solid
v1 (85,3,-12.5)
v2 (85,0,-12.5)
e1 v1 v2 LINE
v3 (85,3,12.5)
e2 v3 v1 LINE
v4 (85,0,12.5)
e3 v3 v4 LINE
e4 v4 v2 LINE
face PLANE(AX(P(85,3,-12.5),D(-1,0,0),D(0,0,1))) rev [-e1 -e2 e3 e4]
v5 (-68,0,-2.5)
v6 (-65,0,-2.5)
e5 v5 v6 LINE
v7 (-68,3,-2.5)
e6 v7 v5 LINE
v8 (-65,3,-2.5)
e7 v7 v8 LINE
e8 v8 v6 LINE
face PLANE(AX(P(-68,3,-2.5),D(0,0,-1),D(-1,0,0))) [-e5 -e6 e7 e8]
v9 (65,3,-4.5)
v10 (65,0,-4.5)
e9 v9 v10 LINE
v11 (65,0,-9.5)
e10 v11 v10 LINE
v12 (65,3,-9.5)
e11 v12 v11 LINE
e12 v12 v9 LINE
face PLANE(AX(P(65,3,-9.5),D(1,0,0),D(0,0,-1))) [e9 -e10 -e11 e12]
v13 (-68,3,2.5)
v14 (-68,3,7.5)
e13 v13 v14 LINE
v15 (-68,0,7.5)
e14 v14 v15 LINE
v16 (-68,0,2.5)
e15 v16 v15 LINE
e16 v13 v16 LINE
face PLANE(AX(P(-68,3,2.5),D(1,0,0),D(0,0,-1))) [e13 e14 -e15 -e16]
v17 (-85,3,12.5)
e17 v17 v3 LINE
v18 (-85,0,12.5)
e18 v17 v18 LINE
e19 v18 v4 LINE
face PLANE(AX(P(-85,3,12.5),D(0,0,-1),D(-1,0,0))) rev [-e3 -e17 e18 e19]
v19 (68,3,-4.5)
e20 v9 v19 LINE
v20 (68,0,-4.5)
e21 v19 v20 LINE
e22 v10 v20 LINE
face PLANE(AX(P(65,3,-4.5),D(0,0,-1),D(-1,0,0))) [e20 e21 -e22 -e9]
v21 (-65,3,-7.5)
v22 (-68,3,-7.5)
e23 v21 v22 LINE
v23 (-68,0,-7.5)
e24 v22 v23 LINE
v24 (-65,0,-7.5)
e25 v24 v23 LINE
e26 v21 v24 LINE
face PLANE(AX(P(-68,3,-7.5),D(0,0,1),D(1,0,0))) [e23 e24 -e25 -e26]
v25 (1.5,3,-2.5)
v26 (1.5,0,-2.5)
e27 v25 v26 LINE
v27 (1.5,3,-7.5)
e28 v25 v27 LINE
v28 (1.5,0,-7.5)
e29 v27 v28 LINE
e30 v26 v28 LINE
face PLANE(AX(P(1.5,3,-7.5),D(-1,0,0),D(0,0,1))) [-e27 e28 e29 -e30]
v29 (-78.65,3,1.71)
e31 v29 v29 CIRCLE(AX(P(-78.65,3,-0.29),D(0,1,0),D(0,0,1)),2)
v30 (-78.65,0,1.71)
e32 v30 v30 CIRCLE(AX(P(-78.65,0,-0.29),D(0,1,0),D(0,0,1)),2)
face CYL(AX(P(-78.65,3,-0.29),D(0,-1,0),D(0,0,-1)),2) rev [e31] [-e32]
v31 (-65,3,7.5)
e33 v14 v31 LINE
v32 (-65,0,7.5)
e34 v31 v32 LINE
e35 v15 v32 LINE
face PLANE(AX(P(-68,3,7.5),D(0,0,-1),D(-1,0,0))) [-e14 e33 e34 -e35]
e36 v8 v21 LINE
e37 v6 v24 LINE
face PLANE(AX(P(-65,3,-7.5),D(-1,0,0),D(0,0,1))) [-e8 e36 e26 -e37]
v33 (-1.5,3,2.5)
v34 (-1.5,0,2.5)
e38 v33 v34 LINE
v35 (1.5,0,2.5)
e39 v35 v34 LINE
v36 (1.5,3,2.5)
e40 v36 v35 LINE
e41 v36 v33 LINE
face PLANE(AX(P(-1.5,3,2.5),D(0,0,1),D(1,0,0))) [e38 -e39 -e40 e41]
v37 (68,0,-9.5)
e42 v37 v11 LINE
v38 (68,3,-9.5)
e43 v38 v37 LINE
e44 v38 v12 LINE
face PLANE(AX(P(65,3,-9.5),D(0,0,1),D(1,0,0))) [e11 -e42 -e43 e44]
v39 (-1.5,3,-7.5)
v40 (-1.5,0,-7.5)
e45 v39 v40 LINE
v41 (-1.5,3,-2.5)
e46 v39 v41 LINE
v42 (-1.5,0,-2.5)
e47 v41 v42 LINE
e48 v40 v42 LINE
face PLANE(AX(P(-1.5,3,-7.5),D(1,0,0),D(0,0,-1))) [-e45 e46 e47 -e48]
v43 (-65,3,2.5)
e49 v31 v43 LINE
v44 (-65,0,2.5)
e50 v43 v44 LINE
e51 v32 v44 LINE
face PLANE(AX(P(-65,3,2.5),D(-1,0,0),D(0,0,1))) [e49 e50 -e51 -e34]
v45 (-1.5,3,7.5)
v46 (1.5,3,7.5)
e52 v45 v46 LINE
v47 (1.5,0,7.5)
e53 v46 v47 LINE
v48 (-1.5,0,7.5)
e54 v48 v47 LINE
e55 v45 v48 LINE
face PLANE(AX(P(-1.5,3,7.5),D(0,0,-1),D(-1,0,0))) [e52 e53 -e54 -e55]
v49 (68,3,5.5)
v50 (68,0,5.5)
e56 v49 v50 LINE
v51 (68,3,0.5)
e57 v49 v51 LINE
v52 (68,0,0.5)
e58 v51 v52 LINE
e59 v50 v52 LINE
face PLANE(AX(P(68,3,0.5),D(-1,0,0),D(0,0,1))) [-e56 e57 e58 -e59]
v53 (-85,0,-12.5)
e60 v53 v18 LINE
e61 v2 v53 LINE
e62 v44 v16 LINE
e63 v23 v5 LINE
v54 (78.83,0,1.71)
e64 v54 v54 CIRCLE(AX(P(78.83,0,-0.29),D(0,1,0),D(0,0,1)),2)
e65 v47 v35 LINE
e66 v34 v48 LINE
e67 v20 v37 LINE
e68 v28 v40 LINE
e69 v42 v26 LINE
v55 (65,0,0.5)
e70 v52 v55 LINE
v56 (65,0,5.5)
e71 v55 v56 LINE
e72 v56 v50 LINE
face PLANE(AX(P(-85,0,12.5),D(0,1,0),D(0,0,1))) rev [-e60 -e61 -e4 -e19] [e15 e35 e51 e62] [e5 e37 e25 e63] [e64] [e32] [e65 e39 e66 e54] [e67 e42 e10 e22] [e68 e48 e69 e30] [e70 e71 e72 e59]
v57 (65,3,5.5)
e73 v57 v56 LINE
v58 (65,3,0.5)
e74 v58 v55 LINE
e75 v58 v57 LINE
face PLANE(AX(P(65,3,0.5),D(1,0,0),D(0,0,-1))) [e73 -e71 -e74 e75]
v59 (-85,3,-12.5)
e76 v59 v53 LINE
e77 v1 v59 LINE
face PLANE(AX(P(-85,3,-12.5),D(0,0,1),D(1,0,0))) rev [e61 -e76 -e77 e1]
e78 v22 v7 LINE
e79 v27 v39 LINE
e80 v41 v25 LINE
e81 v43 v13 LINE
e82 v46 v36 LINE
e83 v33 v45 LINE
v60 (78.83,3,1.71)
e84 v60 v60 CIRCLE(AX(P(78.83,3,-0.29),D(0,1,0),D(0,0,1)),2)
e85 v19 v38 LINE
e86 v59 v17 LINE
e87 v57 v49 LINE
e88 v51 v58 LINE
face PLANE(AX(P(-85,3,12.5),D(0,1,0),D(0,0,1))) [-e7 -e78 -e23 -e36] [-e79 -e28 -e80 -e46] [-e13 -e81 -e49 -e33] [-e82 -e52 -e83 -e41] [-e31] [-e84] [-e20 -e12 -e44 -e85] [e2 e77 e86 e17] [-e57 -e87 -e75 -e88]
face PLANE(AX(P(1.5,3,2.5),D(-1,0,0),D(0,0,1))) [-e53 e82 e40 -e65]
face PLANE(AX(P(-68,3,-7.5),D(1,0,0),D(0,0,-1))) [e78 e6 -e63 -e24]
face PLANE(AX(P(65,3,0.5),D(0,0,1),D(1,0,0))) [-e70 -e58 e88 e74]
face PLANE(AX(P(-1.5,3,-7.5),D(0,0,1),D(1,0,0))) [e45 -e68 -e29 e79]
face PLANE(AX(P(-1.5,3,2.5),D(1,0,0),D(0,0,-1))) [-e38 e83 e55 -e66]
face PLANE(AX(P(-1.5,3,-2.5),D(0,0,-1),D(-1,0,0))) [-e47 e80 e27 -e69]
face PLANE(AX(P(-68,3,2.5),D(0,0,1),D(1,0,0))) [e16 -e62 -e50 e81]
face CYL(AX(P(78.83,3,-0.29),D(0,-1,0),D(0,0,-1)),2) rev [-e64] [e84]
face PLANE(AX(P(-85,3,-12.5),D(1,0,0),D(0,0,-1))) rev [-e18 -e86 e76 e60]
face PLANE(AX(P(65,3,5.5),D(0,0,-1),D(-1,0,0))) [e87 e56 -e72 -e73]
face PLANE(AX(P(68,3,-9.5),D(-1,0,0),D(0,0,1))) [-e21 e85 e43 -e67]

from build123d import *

# Parameters (mm, degrees)
SKICA1_W                 = 170
SKICA1_H                 = 25
P_IDAT_VYSUNUT_M1_DEPTH  = 3
SKICA2_W                 = 3
SKICA2_H                 = 5
ODEBRAT_VYSUNUT_M2_DEPTH = 86.966563267
SKICA3_R                 = 2
ODEBRAT_VYSUNUT_M3_DEPTH = 86.966563267


with BuildPart() as part:
    # Skica1 → Přidat vysunutím1 (new body)
    with BuildSketch(Plane(origin=(0, 0, 0), x_dir=(1, 0, 0), z_dir=(0, 1, 0))):
        Rectangle(SKICA1_W, SKICA1_H)
    extrude(amount=P_IDAT_VYSUNUT_M1_DEPTH)

    # Skica2 → Odebrat vysunutím2 (cut, through all)
    with BuildSketch(Plane(origin=(0, 0, 0), x_dir=(1, 0, 0), z_dir=(0, 1, 0))):
        with Locations((0, 5)):
            Rectangle(SKICA2_W, SKICA2_H)
        with Locations((0, -5)):
            Rectangle(SKICA2_W, SKICA2_H)
        with Locations((-66.5, 5)):
            Rectangle(SKICA2_W, SKICA2_H)
        with Locations((-66.5, -5)):
            Rectangle(SKICA2_W, SKICA2_H)
        with Locations((66.5, 7)):
            Rectangle(SKICA2_W, SKICA2_H)
        with Locations((66.5, -3)):
            Rectangle(SKICA2_W, SKICA2_H)
    extrude(amount=ODEBRAT_VYSUNUT_M2_DEPTH, mode=Mode.SUBTRACT)

    # Skica3 → Odebrat vysunutím3 (cut, through all)
    with BuildSketch(Plane(origin=(0, 0, 0), x_dir=(1, 0, 0), z_dir=(0, 1, 0))):
        with Locations(Location((-78.65, 0.29, 0), (0, 0, 270))):
            Circle(SKICA3_R)
        with Locations(Location((78.83, 0.29, 0), (0, 0, 270))):
            Circle(SKICA3_R)
    extrude(amount=ODEBRAT_VYSUNUT_M3_DEPTH, mode=Mode.SUBTRACT)


solid = part.part
